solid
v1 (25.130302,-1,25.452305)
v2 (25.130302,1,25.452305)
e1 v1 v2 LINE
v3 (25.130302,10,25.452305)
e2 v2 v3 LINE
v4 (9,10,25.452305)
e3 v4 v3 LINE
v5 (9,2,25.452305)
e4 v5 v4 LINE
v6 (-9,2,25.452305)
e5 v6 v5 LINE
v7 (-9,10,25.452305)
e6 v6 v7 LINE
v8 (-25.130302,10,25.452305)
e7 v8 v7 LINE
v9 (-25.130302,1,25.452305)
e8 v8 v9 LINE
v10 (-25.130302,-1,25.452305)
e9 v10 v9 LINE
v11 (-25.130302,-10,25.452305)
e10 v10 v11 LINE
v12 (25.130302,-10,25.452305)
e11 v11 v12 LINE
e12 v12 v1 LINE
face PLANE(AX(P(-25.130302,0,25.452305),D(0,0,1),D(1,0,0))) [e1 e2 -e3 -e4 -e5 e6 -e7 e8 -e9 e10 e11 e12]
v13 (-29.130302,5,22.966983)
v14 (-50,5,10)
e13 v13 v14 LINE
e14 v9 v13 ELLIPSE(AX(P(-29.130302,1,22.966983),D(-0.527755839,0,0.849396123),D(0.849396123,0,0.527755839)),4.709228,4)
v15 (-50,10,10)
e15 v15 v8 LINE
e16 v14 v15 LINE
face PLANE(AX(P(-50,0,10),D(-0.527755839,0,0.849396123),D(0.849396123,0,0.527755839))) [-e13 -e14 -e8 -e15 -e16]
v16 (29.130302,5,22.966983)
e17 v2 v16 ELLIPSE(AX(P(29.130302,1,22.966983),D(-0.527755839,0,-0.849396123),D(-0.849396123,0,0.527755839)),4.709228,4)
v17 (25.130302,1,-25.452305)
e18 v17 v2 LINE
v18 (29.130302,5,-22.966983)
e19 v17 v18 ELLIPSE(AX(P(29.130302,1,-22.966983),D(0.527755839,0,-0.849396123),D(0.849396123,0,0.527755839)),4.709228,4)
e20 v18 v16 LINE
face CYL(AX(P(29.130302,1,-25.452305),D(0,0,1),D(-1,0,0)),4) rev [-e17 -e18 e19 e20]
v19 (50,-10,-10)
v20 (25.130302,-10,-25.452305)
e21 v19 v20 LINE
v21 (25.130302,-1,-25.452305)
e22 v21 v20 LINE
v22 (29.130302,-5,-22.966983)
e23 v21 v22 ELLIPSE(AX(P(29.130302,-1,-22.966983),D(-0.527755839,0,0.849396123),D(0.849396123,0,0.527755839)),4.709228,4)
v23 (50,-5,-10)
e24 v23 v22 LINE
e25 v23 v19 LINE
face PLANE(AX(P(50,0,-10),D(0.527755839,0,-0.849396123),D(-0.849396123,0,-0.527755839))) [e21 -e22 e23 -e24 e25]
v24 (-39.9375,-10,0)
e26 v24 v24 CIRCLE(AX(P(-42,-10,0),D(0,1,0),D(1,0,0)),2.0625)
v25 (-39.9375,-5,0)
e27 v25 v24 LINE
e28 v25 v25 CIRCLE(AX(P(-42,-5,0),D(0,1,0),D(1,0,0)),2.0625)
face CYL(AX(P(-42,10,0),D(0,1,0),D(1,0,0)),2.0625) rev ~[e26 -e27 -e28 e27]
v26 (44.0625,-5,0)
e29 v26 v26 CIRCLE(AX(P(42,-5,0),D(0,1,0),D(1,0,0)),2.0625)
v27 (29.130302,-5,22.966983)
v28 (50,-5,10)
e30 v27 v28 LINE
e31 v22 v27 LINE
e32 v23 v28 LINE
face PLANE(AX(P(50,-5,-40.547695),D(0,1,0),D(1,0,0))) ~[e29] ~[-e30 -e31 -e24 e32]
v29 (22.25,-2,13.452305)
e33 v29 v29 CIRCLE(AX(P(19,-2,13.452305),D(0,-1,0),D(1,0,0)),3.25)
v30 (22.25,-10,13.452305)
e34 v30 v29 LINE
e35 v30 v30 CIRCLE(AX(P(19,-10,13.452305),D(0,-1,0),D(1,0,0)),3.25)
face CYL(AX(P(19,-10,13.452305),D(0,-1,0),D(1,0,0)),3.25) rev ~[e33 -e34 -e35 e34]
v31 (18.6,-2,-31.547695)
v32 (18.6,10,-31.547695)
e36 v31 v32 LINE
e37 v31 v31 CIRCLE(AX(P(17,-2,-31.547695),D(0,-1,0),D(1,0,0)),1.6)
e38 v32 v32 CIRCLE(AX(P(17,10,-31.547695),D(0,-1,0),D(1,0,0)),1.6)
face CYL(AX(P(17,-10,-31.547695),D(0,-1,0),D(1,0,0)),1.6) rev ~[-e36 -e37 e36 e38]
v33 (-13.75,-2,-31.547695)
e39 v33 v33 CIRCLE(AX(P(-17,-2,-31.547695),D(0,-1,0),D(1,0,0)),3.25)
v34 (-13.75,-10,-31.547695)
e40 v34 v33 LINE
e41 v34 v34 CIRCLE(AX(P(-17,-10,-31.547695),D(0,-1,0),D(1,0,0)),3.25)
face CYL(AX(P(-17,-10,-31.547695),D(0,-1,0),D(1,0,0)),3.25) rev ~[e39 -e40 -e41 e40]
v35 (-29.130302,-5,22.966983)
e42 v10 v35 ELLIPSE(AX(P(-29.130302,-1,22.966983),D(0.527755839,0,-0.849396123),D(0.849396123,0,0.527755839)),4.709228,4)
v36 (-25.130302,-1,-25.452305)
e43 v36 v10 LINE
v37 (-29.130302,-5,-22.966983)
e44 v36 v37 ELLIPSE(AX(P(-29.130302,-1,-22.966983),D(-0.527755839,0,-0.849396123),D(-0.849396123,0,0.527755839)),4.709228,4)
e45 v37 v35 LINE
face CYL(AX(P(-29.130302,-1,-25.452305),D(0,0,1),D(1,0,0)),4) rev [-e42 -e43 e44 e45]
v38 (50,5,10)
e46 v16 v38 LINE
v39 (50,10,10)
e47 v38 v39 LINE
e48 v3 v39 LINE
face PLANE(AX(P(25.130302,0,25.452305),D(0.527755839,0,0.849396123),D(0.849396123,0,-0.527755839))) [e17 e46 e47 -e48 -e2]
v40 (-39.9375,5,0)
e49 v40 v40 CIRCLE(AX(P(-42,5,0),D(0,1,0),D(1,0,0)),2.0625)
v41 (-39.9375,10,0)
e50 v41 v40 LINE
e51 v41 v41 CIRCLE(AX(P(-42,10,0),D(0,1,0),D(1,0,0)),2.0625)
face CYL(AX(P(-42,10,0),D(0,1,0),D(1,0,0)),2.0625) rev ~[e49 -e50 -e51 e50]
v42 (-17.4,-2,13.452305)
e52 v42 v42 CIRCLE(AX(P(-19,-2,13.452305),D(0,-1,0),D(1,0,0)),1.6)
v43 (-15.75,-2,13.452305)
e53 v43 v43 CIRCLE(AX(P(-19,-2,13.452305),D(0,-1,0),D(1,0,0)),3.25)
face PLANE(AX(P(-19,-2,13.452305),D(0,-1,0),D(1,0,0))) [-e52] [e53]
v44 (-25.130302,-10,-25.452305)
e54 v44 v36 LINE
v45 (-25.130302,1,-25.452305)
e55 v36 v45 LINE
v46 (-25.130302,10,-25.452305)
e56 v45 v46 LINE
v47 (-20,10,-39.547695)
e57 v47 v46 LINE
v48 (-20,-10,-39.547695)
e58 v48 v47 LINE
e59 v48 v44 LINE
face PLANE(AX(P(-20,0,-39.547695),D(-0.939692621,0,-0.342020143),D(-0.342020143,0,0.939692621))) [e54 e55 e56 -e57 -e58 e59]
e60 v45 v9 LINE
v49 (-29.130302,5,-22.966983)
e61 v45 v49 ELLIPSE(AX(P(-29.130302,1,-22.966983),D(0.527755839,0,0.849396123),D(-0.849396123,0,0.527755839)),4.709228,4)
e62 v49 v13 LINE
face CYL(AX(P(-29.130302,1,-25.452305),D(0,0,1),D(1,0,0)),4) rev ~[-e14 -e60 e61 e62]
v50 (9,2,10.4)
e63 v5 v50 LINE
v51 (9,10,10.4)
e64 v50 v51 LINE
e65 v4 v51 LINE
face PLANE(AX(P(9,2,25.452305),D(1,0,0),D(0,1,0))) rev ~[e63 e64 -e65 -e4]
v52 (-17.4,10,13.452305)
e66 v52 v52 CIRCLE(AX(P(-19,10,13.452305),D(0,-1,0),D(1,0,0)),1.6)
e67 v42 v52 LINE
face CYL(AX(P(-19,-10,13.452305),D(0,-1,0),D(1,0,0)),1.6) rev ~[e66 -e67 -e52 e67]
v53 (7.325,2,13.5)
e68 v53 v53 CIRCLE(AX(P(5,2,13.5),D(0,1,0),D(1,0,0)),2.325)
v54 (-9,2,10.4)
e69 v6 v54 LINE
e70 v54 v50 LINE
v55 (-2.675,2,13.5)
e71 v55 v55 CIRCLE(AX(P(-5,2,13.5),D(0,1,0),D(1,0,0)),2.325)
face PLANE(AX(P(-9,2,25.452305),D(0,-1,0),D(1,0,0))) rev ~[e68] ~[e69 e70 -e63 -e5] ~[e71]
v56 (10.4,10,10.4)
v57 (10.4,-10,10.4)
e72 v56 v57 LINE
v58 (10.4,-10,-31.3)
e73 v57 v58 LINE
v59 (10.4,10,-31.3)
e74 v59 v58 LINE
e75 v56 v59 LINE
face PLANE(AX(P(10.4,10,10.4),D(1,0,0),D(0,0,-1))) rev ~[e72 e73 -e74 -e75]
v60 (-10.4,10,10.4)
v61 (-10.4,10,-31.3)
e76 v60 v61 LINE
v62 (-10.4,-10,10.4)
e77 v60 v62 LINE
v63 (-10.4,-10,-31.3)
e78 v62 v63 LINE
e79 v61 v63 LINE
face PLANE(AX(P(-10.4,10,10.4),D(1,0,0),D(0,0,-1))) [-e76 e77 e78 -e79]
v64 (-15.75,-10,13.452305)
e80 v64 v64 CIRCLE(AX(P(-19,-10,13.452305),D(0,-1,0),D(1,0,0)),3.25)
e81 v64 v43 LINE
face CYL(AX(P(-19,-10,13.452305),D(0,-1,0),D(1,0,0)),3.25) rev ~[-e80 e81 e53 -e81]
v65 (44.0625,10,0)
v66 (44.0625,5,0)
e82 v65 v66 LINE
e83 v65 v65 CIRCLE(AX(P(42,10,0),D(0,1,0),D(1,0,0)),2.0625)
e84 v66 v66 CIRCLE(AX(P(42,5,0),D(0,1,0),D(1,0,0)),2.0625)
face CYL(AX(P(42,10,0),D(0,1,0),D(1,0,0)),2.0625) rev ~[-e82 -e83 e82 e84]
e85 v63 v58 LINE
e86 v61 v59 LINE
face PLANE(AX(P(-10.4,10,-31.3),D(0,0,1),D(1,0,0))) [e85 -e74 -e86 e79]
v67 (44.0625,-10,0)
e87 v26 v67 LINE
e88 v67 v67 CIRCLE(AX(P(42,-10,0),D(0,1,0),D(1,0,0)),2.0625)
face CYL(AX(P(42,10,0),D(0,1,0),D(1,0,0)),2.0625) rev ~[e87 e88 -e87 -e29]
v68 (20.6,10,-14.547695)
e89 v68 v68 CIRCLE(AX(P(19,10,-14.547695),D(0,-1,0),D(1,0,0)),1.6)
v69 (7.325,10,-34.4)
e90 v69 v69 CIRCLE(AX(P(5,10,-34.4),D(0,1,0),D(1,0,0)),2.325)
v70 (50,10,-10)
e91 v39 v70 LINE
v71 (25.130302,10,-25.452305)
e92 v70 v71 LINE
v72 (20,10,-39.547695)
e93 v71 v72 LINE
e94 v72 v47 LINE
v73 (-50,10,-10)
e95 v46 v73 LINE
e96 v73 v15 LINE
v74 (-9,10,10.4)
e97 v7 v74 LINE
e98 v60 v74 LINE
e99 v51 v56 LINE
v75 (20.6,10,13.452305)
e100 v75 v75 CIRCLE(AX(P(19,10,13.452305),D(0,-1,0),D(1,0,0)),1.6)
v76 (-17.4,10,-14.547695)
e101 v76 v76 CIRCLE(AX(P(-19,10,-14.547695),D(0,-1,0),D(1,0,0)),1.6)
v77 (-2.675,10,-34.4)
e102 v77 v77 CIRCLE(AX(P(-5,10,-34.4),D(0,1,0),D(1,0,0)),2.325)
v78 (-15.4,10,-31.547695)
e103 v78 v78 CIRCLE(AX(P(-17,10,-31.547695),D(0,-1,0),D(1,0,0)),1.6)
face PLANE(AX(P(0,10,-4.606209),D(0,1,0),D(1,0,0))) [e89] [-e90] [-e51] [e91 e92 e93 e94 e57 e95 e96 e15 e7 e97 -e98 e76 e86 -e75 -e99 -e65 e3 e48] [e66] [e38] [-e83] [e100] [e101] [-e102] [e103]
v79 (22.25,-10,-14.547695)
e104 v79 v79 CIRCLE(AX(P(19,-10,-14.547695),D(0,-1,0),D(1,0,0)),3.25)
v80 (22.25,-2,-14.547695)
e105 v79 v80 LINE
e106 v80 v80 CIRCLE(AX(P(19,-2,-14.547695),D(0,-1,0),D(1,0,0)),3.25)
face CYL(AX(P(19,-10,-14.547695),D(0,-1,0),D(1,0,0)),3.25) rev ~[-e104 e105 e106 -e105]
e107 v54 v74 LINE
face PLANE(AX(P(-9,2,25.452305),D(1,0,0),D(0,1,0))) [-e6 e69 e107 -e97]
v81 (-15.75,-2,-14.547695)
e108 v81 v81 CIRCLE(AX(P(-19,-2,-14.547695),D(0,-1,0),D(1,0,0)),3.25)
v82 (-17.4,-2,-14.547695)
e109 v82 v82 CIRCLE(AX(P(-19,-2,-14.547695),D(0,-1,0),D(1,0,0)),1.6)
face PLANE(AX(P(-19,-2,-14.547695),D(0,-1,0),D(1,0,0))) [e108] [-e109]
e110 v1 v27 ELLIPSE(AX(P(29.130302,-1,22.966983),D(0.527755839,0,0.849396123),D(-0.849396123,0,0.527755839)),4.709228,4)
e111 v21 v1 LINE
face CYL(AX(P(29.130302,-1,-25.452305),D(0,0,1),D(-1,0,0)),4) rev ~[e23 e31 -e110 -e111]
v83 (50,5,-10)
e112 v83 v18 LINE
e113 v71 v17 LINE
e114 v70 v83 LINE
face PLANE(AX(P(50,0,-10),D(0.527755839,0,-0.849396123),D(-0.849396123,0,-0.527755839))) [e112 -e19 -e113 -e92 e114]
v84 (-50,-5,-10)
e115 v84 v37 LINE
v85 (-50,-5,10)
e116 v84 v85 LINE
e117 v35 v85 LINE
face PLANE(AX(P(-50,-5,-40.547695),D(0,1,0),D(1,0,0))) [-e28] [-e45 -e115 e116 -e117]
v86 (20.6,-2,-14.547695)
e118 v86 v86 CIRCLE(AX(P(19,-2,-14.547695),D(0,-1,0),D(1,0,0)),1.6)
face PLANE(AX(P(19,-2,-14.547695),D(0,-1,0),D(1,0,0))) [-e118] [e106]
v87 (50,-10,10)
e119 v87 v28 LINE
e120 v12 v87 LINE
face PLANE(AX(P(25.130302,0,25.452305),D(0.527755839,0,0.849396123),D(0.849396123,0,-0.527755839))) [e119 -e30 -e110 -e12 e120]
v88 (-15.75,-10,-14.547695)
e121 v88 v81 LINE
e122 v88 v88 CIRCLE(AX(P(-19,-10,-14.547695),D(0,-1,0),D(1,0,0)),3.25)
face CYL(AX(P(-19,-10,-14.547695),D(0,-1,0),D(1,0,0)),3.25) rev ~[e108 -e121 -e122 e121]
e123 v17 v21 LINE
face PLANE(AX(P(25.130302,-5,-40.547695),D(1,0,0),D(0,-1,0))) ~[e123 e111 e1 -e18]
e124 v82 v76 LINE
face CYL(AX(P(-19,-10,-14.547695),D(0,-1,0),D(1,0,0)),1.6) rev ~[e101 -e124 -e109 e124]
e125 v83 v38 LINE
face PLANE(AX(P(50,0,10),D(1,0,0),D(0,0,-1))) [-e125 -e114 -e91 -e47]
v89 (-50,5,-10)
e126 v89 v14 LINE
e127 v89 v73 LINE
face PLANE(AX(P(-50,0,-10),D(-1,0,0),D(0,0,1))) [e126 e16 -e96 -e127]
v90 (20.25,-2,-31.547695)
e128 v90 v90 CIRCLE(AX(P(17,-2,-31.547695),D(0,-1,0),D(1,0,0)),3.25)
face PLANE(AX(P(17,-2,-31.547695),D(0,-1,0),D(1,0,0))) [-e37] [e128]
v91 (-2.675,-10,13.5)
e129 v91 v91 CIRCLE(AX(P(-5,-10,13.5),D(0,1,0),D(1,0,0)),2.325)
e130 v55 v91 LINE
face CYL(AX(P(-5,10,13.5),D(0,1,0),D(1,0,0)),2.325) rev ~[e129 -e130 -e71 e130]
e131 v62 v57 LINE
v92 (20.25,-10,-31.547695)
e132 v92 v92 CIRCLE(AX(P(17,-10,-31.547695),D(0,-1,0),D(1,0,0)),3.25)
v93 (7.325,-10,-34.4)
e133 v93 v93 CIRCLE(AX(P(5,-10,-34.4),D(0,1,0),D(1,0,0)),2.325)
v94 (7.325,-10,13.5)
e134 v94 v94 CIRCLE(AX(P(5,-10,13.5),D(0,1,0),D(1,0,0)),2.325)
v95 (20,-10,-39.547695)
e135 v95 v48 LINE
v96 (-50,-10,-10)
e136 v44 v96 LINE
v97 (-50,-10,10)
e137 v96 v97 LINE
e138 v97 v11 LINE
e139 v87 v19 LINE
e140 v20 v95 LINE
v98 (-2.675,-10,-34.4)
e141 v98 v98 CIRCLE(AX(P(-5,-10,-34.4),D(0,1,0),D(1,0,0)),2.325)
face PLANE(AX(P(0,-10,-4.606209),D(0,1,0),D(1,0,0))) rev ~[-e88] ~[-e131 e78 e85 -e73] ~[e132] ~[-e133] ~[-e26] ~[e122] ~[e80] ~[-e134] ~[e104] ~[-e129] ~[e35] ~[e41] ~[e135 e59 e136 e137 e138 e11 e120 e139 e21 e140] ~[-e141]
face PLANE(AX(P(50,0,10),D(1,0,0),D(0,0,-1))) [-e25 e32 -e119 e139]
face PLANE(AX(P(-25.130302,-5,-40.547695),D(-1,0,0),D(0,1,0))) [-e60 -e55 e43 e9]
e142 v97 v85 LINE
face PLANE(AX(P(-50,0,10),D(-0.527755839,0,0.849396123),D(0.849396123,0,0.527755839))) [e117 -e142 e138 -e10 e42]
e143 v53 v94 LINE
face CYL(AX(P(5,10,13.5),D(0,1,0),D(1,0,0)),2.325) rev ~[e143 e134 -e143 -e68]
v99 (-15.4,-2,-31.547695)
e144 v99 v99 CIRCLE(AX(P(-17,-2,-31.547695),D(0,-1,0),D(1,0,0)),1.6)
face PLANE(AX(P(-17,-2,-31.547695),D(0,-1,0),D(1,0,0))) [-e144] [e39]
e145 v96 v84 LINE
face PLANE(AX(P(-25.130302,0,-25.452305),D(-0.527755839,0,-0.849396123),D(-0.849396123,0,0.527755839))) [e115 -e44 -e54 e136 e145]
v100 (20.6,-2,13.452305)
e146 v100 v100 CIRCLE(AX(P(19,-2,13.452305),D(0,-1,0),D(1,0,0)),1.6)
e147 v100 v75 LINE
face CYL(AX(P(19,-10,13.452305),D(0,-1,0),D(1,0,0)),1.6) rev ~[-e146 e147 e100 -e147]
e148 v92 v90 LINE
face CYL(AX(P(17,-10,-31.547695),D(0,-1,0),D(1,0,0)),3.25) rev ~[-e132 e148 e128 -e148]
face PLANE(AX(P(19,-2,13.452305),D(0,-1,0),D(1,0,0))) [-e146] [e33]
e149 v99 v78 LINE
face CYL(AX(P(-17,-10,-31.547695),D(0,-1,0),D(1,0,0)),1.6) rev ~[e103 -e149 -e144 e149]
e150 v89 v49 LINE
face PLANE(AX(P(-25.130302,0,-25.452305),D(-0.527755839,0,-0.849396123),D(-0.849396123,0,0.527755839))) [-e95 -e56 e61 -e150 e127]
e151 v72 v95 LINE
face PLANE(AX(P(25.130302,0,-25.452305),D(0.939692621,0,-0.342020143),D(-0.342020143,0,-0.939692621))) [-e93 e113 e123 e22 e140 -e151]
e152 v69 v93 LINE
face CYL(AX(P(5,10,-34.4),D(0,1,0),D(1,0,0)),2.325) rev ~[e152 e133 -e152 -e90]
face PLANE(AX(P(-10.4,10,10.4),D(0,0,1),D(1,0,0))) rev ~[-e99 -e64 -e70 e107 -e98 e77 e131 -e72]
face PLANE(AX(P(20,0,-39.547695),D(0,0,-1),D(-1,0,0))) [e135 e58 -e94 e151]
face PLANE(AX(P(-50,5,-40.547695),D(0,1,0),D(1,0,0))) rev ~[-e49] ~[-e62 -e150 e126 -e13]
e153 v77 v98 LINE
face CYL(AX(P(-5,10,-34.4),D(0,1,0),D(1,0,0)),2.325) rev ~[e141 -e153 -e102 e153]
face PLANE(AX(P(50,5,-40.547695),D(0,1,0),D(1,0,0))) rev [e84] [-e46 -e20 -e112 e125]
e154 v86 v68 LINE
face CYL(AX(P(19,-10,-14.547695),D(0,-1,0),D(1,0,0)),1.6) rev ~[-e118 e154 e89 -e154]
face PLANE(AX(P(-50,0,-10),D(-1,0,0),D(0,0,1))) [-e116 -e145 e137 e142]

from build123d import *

# Parameters (mm, degrees)
MAIN_BODY_DEPTH           = 10
SKETCH2_R                 = 2.325
SKETCH2_R_2               = 2.0625
SKETCH2_W                 = 20.8
SKETCH2_H                 = 41.7
SERVO_ROTROD_CUTOUT_DEPTH = 30
SKETCH3_W                 = 18
SKETCH3_H                 = 8
SERVO_CABLE_CUTOUT_DEPTH  = 56.752305
CONTROL_ARM_CUTOUT_START  = -66
SKETCH4_W                 = 24.86969785
SKETCH4_H                 = 10
CONTROL_ARM_CUTOUT_DEPTH  = 67
FILLET1_R                 = 4
SKETCH6_R                 = 1.6
MOUNT_HOLES_CHASSIS_DEPTH = 21
SKETCH7_R                 = 3.25
BOLT_HEAD_HOLES_DEPTH     = 8


with BuildPart() as part:
    # Sketch1 → Main-Body (new body, symmetric)
    with BuildSketch(Plane(origin=(0, 0, 0), x_dir=(1, 0, 0), z_dir=(0, 1, 0))):
        Polygon((20, 39.547694656), (-20, 39.547694656), (-25.13030215, 25.452305344), (-50, 10), (-50, -10), (-25.13030215, -25.452305344), (25.13030215, -25.452305344), (50, -10), (50, 10), (25.13030215, 25.452305344), align=None)
    extrude(amount=MAIN_BODY_DEPTH, both=True)

    # Sketch2 → Servo&RotRod-Cutout (cut)
    with BuildSketch(Plane(origin=(0, 10, 0), x_dir=(1, 0, 0), z_dir=(0, 1, 0))):
        with Locations((-5, -13.5)):
            Circle(SKETCH2_R)
        with Locations((5, -13.5)):
            Circle(SKETCH2_R)
        with Locations((-5, 34.4)):
            Circle(SKETCH2_R)
        with Locations((5, 34.4)):
            Circle(SKETCH2_R)
        with Locations((-42, 0)):
            Circle(SKETCH2_R_2)
        with Locations((42, 0)):
            Circle(SKETCH2_R_2)
        with Locations((0, 10.45)):
            Rectangle(SKETCH2_W, SKETCH2_H)
    extrude(amount=-SERVO_ROTROD_CUTOUT_DEPTH, mode=Mode.SUBTRACT)

    # Sketch3 → Servo-Cable-Cutout (cut)
    with BuildSketch(Plane.XY.offset(25.452305344)):
        with Locations((0, 6)):
            Rectangle(SKETCH3_W, SKETCH3_H)
    extrude(amount=-SERVO_CABLE_CUTOUT_DEPTH, mode=Mode.SUBTRACT)

    # Sketch4 → Control-Arm-Cutout (cut)
    with BuildSketch(Plane.XY.offset(25.452305344).offset(CONTROL_ARM_CUTOUT_START)):
        with Locations((-37.565151075, 0)):
            Rectangle(SKETCH4_W, SKETCH4_H)
    control_arm_cutout = extrude(amount=CONTROL_ARM_CUTOUT_DEPTH, mode=Mode.SUBTRACT)

    # Mirror1: Control-Arm-Cutout across plane
    add(control_arm_cutout.mirror(Plane(origin=(0, 0, 0), x_dir=(0, 0, 1), z_dir=(1, 0, 0))), mode=Mode.SUBTRACT)

    # Fillet1
    fillet1_edges = [part.edges().sort_by_distance(p)[0] for p in [
        (-25.13030215, 5, 0),
        (-25.13030215, -5, 0),
        (25.13030215, -5, 0),
        (25.13030215, 5, 0),
    ]]
    fillet(fillet1_edges, radius=FILLET1_R)

    # Sketch6 → Mount-Holes-Chassis (cut, through all)
    with BuildSketch(Plane.XZ.offset(10)):
        with Locations((19, -14.547694656)):
            Circle(SKETCH6_R)
        with Locations((19, 13.452305344)):
            Circle(SKETCH6_R)
        with Locations((17, -31.547694656)):
            Circle(SKETCH6_R)
        with Locations((-17, -31.547694656)):
            Circle(SKETCH6_R)
        with Locations((-19, 13.452305344)):
            Circle(SKETCH6_R)
        with Locations((-19, -14.547694656)):
            Circle(SKETCH6_R)
    extrude(amount=-MOUNT_HOLES_CHASSIS_DEPTH, mode=Mode.SUBTRACT)

    # Sketch7 → Bolt-Head-Holes (cut)
    with BuildSketch(Plane.XZ.offset(10)):
        with Locations((17, -31.547694656)):
            Circle(SKETCH7_R)
        with Locations((19, -14.547694656)):
            Circle(SKETCH7_R)
        with Locations((19, 13.452305344)):
            Circle(SKETCH7_R)
        with Locations((-19, 13.452305344)):
            Circle(SKETCH7_R)
        with Locations((-19, -14.547694656)):
            Circle(SKETCH7_R)
        with Locations((-17, -31.547694656)):
            Circle(SKETCH7_R)
    extrude(amount=-BOLT_HEAD_HOLES_DEPTH, mode=Mode.SUBTRACT)


solid = part.part
